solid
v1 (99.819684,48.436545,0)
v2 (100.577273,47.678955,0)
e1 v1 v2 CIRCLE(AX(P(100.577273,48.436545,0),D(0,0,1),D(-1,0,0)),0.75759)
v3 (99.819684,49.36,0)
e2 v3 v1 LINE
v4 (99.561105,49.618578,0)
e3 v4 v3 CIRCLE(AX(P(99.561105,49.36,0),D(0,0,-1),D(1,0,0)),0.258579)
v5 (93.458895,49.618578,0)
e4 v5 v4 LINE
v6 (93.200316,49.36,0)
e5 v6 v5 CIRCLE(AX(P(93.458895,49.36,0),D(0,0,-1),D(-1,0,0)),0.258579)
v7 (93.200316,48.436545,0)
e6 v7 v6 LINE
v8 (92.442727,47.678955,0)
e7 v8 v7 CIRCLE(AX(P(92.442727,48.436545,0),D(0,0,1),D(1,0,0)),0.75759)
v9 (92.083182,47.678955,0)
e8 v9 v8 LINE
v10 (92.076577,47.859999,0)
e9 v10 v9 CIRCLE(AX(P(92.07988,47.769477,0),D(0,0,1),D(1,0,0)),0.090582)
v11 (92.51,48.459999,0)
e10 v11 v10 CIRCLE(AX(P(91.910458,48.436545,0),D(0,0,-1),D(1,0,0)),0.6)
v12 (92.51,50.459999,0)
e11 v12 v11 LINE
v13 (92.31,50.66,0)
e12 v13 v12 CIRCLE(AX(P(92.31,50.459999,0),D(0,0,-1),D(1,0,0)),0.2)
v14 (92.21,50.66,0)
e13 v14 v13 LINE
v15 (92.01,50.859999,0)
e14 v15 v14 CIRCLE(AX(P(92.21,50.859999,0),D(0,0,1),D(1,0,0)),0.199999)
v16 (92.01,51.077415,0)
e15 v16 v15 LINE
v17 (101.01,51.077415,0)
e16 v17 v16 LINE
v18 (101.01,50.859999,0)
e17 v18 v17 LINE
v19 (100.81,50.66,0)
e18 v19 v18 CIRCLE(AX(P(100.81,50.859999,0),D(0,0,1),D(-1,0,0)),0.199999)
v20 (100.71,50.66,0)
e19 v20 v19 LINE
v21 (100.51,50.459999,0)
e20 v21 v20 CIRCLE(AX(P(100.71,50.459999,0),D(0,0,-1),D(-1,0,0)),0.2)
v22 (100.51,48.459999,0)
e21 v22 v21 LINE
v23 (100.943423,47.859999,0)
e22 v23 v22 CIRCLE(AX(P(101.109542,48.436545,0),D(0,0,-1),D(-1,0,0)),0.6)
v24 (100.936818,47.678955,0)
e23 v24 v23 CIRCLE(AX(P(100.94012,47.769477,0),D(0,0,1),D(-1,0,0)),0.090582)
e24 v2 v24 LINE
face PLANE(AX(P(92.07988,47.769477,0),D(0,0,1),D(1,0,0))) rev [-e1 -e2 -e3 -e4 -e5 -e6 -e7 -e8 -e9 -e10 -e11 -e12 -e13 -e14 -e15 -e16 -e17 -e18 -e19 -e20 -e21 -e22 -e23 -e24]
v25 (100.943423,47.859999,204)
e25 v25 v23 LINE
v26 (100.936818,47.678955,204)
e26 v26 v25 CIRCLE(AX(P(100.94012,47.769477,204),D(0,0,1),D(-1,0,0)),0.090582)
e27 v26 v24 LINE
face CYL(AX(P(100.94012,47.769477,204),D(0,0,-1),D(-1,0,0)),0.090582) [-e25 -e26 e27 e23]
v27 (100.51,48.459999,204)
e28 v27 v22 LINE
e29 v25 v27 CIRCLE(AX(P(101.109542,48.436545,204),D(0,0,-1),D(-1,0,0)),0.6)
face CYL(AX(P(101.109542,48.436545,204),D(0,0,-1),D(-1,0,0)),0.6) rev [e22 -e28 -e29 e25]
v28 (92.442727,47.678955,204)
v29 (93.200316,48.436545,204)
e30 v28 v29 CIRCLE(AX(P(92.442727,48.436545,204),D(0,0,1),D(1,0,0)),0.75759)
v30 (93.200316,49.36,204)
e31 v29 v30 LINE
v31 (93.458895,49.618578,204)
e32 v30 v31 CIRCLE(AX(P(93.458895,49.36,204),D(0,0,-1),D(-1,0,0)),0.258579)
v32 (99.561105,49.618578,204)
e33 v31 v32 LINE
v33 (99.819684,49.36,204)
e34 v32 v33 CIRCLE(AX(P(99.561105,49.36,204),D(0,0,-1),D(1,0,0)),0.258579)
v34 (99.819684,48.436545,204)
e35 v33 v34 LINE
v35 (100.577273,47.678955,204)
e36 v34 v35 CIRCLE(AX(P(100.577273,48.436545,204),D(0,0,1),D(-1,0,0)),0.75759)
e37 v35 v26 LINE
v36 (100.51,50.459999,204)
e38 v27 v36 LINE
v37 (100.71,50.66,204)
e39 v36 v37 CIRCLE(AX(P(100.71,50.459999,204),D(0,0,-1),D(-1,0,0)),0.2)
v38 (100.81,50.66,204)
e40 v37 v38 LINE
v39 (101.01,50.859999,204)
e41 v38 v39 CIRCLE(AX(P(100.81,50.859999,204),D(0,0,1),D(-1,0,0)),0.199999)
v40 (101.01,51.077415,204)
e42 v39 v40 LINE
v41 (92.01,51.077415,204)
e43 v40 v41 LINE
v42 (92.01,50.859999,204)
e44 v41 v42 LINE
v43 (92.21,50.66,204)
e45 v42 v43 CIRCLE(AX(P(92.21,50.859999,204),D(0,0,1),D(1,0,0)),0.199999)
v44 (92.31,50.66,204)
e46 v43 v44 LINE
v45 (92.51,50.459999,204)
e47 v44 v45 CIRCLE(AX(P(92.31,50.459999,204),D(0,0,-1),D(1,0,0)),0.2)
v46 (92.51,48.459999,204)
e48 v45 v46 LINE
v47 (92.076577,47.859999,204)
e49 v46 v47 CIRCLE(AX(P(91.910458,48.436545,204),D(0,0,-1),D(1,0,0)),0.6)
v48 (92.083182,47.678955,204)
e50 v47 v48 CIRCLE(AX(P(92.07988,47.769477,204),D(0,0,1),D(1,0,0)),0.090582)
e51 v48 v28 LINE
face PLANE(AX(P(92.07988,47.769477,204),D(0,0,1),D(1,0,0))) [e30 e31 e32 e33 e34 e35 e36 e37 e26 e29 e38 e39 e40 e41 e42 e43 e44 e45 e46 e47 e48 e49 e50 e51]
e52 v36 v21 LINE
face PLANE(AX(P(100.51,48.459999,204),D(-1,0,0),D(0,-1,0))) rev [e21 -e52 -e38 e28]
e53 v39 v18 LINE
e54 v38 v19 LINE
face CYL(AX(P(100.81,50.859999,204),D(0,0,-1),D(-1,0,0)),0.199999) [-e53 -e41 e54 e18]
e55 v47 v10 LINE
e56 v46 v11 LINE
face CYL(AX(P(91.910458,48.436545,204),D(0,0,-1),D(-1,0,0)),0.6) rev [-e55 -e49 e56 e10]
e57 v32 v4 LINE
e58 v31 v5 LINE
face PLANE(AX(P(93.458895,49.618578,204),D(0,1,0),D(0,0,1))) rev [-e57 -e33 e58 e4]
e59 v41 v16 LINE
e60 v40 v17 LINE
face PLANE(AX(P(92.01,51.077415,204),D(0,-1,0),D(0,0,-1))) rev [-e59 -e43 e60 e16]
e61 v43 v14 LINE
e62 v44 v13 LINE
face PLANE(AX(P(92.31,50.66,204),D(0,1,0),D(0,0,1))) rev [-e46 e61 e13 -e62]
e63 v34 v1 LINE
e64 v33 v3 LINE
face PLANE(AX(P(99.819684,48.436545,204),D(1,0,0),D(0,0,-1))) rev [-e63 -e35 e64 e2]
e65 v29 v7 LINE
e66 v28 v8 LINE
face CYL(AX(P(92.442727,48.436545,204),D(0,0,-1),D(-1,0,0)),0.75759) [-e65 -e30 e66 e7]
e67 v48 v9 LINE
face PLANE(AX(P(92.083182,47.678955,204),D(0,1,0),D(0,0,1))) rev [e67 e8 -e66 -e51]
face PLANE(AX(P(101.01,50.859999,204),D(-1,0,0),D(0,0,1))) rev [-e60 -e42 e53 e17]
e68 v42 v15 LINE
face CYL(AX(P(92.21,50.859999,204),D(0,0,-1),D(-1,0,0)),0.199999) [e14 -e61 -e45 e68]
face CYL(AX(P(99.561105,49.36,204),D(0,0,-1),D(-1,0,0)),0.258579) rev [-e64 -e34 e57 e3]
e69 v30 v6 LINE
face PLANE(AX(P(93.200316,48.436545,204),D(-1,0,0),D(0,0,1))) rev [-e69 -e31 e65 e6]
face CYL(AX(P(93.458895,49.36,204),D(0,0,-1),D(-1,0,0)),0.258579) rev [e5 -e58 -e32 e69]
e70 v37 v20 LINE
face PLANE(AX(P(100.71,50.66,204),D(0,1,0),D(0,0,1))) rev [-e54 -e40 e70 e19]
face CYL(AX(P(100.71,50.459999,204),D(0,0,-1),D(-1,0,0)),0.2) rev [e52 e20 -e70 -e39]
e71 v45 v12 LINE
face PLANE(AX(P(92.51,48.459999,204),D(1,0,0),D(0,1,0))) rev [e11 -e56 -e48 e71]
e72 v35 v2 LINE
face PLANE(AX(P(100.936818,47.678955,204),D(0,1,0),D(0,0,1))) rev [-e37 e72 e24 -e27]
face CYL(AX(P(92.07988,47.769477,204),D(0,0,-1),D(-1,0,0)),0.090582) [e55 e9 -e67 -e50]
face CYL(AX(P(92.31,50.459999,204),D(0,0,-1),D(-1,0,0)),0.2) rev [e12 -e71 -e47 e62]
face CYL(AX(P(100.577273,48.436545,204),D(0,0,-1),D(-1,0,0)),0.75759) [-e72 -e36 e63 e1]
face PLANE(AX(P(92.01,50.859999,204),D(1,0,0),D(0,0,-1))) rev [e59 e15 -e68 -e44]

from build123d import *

# Parameters (mm, degrees)
BOSS_EXTRUDE1_DEPTH = 204


with BuildPart() as part:
    # Szkic1 → Boss-Extrude1 (new body)
    with BuildSketch(Plane.XY):
        with BuildLine():
            Line((92.010000436, 51.077414838), (101.009999564, 51.077414838))
            Line((101.009999564, 51.077414838), (101.009999564, 50.859999228))
            ThreePointArc((101.009999564, 50.859999228), (100.95142109, 50.718578281), (100.810000144, 50.659999808))
            Line((100.810000144, 50.659999808), (100.710000374, 50.659999808))
            ThreePointArc((100.710000374, 50.659999808), (100.568578753, 50.601421054), (100.51, 50.459999434))
            Line((100.51, 50.459999434), (100.51, 48.459999434))
            ThreePointArc((100.51, 48.459999434), (100.623168266, 48.085202764), (100.943422808, 47.859999237))
            ThreePointArc((100.943422808, 47.859999237), (101.030642298, 47.766174714), (100.936817775, 47.678955223))
            Line((100.936817775, 47.678955223), (100.57727329, 47.678955223))
            ThreePointArc((100.57727329, 47.678955223), (100.041576562, 47.900848073), (99.819683712, 48.436544801))
            Line((99.819683712, 48.436544801), (99.819683712, 49.359999626))
            ThreePointArc((99.819683712, 49.359999626), (99.743947721, 49.542842483), (99.561104865, 49.618578474))
            Line((99.561104865, 49.618578474), (93.458895135, 49.618578474))
            ThreePointArc((93.458895135, 49.618578474), (93.276052279, 49.542842483), (93.200316288, 49.359999626))
            Line((93.200316288, 49.359999626), (93.200316288, 48.436544801))
            ThreePointArc((93.200316288, 48.436544801), (92.978423438, 47.900848073), (92.44272671, 47.678955223))
            Line((92.44272671, 47.678955223), (92.083182225, 47.678955223))
            ThreePointArc((92.083182225, 47.678955223), (91.989357702, 47.766174714), (92.076577192, 47.859999237))
            ThreePointArc((92.076577192, 47.859999237), (92.396831734, 48.085202764), (92.51, 48.459999434))
            Line((92.51, 48.459999434), (92.51, 50.459999434))
            ThreePointArc((92.51, 50.459999434), (92.451421247, 50.601421054), (92.309999626, 50.659999808))
            Line((92.309999626, 50.659999808), (92.209999856, 50.659999808))
            ThreePointArc((92.209999856, 50.659999808), (92.06857891, 50.718578281), (92.010000436, 50.859999228))
            Line((92.010000436, 50.859999228), (92.010000436, 51.077414838))
        make_face()
    extrude(amount=BOSS_EXTRUDE1_DEPTH)


solid = part.part
